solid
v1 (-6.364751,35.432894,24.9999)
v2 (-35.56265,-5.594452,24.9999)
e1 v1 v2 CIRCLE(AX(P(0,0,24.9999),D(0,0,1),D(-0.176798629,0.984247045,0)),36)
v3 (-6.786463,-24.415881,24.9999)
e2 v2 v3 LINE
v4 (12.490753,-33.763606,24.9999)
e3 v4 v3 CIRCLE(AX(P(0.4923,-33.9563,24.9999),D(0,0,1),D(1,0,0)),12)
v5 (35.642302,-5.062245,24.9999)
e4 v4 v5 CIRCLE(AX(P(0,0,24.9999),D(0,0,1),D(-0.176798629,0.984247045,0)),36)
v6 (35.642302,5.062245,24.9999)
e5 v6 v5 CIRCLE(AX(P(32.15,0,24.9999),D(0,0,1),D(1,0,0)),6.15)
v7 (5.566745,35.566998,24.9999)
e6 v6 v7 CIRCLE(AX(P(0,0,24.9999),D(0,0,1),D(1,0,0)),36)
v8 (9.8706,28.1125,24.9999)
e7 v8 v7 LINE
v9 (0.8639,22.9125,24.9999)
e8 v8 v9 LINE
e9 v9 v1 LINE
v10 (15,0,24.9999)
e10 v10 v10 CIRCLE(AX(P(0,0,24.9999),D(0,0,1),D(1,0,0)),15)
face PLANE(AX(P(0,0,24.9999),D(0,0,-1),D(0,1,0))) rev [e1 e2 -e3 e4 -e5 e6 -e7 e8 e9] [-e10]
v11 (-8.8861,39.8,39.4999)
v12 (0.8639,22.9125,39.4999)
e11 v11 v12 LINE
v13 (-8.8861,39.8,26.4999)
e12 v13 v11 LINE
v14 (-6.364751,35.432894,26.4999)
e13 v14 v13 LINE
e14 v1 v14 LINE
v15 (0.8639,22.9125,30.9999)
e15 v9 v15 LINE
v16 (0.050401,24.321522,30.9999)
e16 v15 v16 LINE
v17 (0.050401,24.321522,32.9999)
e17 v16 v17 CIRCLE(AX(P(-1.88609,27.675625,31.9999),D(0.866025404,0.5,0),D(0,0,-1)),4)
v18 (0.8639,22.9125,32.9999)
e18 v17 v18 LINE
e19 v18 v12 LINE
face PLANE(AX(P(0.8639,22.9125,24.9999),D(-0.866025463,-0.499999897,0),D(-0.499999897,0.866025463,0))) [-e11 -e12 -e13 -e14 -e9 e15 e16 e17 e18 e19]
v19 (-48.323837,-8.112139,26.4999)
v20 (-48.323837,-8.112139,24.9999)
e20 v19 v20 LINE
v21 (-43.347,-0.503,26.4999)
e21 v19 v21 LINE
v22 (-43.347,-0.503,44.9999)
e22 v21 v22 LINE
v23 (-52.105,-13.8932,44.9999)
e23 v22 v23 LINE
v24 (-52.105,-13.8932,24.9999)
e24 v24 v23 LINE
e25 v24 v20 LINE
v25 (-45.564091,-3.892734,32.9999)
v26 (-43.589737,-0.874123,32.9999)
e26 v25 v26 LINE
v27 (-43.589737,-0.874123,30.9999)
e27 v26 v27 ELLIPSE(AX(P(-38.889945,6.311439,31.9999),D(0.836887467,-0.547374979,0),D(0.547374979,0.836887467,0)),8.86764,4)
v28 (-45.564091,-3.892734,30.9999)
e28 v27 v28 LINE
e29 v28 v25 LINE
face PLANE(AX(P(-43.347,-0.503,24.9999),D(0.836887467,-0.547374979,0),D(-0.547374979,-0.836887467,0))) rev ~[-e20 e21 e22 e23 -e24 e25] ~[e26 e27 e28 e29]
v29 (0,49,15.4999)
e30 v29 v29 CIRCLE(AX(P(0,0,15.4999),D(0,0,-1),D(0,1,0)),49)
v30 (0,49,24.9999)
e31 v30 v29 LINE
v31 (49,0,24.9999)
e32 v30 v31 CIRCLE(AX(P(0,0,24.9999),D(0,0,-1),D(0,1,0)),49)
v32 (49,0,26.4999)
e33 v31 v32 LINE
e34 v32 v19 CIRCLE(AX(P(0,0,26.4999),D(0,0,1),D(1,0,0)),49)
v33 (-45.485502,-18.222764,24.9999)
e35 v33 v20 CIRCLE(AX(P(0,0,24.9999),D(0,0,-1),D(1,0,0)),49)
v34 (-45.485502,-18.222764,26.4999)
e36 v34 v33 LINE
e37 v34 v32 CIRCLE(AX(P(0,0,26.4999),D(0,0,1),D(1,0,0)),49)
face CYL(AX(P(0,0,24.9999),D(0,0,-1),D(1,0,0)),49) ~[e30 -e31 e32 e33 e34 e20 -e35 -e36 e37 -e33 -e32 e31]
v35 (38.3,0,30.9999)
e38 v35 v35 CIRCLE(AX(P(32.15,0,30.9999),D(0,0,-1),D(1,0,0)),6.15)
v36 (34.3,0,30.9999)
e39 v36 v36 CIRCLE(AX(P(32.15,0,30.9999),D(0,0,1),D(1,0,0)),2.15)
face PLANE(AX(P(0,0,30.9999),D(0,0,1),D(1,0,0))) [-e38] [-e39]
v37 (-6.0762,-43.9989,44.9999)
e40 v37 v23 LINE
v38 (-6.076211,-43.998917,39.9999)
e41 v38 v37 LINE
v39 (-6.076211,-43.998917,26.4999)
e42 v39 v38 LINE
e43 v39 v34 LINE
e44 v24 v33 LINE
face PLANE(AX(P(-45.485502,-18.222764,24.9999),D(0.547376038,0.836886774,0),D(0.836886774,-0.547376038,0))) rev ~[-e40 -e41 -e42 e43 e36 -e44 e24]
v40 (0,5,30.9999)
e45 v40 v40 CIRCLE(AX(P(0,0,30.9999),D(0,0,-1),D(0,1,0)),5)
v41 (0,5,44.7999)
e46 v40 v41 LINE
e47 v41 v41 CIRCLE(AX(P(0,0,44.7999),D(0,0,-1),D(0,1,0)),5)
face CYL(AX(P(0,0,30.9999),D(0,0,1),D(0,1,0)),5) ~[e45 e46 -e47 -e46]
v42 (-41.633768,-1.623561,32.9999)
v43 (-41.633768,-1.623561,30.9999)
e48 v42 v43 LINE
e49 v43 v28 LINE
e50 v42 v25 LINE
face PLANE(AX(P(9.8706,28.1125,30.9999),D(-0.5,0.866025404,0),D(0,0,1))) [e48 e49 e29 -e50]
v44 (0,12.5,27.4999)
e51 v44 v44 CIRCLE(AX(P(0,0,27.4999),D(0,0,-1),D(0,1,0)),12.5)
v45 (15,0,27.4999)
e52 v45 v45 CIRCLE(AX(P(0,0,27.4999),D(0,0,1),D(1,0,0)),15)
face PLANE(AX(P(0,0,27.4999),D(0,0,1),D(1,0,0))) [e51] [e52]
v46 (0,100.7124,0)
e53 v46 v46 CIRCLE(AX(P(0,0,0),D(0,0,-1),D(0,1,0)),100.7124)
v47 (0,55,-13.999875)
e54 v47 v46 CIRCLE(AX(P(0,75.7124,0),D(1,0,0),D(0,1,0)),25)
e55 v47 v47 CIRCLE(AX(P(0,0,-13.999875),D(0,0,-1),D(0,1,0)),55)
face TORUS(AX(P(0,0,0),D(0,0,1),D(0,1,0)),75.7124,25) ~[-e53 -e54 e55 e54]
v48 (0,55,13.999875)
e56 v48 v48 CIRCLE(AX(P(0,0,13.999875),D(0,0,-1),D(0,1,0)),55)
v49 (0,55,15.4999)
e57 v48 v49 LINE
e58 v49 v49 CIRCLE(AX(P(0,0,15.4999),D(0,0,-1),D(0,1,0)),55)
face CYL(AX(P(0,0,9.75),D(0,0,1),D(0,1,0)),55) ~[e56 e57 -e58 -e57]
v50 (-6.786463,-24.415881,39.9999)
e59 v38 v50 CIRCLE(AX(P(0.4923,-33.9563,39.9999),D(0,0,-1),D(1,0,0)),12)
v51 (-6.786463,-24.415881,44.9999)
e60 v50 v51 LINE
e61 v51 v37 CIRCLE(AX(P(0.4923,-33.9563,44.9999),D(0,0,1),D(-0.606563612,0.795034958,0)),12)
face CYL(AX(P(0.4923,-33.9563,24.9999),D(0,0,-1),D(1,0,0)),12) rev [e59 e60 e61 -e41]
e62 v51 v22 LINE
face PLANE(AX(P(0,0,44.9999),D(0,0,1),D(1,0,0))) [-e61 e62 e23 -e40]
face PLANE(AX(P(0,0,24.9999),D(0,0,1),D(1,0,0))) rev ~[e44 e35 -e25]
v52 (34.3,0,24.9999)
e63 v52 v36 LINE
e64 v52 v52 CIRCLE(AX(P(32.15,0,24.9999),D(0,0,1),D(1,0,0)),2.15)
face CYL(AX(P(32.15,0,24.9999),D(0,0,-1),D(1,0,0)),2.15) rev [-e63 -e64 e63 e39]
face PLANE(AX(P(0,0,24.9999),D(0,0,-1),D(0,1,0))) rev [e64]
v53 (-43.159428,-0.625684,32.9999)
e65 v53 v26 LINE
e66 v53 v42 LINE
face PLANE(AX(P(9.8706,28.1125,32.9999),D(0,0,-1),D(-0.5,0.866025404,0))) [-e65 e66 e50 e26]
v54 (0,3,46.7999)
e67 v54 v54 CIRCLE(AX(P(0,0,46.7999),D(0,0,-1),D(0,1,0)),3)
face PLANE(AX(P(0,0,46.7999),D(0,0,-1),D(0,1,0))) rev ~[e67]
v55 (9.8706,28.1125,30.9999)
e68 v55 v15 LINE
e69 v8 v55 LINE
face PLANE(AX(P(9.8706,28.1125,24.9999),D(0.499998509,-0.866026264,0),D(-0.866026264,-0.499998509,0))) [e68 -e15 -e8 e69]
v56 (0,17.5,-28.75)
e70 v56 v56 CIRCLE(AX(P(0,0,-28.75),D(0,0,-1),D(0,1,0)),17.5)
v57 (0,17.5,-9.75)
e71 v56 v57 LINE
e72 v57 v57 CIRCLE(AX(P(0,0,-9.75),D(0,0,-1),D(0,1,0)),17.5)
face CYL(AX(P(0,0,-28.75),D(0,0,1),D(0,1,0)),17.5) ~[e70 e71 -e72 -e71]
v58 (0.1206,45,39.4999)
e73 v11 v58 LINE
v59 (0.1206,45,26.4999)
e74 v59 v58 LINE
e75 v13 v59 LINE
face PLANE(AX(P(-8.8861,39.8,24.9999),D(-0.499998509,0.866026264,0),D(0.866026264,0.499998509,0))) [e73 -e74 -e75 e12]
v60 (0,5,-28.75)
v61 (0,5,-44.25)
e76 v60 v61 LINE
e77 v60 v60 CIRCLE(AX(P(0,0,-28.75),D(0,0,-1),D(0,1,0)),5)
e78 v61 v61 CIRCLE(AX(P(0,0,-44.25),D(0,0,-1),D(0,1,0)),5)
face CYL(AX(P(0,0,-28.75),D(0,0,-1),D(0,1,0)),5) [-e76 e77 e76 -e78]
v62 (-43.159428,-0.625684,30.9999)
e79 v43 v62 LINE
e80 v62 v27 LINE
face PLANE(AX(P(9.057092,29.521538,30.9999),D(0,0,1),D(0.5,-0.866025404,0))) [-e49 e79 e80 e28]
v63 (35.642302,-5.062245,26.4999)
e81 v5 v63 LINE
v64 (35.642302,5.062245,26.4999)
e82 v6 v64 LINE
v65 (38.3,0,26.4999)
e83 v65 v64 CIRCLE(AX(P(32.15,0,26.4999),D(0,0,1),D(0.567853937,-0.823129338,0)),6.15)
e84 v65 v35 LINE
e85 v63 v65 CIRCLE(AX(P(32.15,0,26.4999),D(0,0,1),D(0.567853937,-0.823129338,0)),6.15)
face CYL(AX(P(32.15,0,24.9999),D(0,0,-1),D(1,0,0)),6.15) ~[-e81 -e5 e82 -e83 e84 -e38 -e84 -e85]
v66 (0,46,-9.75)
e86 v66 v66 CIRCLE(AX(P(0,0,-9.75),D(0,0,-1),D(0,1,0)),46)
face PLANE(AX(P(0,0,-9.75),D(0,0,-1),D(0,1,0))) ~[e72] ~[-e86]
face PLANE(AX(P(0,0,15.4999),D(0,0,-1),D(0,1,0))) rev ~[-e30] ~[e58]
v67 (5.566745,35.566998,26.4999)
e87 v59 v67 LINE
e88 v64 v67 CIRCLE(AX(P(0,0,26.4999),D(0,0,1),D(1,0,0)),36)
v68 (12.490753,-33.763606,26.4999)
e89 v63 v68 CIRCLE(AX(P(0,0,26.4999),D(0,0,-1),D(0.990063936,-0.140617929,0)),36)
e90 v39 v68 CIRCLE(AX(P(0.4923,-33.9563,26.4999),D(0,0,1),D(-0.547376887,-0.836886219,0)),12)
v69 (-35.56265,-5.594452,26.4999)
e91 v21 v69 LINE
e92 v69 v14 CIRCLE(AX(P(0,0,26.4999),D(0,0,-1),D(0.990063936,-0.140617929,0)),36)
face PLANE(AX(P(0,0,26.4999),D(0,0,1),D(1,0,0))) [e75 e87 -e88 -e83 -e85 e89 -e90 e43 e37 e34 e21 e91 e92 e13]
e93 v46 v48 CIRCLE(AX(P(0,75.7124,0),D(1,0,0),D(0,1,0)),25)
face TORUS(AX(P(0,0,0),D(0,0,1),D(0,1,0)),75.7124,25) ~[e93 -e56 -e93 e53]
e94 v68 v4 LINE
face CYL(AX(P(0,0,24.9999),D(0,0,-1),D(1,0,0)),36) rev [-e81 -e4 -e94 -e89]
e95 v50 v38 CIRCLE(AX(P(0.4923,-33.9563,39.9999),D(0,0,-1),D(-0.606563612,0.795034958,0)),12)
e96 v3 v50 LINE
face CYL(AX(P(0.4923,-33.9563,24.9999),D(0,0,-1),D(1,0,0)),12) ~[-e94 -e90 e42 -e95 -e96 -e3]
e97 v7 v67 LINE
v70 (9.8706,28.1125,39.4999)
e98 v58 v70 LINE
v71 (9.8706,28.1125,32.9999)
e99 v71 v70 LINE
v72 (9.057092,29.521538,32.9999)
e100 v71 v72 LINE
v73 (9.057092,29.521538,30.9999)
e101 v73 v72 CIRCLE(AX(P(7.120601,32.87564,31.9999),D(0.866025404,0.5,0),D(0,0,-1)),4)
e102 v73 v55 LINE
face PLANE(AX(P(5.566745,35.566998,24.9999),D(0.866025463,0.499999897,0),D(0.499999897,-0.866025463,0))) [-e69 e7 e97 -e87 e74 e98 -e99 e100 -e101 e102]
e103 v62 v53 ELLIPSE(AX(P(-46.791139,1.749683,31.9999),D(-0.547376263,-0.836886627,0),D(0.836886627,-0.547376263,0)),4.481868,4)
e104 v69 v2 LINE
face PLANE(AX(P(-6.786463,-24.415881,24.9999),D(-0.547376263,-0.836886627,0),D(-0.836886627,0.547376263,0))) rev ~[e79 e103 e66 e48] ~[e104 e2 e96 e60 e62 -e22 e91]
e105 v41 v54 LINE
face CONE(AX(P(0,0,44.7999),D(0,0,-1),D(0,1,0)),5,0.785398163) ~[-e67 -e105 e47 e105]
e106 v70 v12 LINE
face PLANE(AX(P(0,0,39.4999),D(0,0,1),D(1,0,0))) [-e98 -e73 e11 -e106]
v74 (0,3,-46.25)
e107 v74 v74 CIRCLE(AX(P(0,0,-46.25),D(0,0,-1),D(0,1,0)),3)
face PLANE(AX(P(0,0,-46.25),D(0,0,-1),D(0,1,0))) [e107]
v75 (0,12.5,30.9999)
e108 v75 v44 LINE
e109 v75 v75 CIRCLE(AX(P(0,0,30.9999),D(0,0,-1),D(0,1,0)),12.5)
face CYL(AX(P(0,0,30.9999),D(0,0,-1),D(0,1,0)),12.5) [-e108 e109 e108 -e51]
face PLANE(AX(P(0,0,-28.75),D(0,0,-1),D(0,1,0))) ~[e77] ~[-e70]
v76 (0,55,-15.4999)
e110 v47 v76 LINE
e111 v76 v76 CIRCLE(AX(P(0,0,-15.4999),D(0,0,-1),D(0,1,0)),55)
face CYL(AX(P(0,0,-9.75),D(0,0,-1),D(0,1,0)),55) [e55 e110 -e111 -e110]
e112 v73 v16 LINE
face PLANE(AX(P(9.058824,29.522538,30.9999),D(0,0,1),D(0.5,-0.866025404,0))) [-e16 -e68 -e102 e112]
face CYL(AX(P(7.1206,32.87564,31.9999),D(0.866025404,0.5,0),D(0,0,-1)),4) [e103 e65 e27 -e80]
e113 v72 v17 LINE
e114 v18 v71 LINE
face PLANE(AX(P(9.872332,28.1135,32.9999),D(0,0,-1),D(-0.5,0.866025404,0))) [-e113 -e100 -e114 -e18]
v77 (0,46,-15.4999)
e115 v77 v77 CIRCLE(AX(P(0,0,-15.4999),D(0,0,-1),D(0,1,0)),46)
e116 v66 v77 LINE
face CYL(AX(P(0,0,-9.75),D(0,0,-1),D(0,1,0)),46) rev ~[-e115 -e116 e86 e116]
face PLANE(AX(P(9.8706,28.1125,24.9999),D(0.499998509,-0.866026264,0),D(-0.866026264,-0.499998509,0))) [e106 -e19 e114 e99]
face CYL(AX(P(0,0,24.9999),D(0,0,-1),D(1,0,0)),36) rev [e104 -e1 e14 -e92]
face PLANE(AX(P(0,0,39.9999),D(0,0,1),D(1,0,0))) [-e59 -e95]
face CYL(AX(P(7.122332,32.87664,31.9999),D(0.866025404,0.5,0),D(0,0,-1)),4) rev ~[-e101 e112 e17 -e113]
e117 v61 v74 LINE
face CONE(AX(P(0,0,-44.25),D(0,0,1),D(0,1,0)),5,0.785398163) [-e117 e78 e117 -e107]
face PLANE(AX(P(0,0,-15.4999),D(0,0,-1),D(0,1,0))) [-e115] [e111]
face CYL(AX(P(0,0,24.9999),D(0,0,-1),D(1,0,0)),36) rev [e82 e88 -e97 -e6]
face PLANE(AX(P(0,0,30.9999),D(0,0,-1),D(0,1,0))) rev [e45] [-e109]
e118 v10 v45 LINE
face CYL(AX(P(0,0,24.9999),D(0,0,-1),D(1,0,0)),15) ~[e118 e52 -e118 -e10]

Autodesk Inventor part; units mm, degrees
ref_plane "YZ Plane" through (0, 0, 0) normal (1, 0, 0) x (0, 1, 0)
ref_plane "XZ Plane" through (0, 0, 0) normal (0, 1, 0) x (-1, 0, 0)
ref_plane "XY Plane" through (0, 0, 0) normal (0, 0, 1) x (1, 0, 0)
sketch "Sketch2" plane through (0, 0, 0) normal (1, 0, 0) x (0, 1, 0)
  line L0 (17.5, 10.75) -> (-17.5, 10.75)
  line L1 (-17.5, 10.75) -> (-17.5, -28.75)
  line L2 (-17.5, -28.75) -> (17.5, -28.75)
  line L3 (17.5, -28.75) -> (17.5, 10.75)
  line L4 (17.5, 10.75) -> (-17.5, -28.75) construction
  line L5 (-17.5, 10.75) -> (17.5, -28.75) construction
  line L6 (-55, -9.75) -> (55, -9.75)
  line L7 (55, -9.75) -> (55, -15.4999)
  line L8 (55, -15.4999) -> (-55, -15.4999)
  line L9 (-55, -15.4999) -> (-55, -9.75)
  line L10 (-55, -9.75) -> (55, -15.4999) construction
  line L11 (55, -9.75) -> (-55, -15.4999) construction
  line L12 (46, -9.75) -> (46, -15.4999)
  line L13 (0, 65.9057) -> (0, -65.9057)
  circle A0 centre (75.7124, 0) radius 25
  line L14 (0, 0) -> (82.4805, 0) construction
  line L15 (-55, 9.75) -> (55, 9.75)
  line L16 (55, 9.75) -> (55, 15.4999)
  line L17 (55, 15.4999) -> (-55, 15.4999)
  line L18 (-55, 15.4999) -> (-55, 9.75)
  line L19 (46, 9.75) -> (46, 15.4999)
  line L20 (0, 24.9999) -> (49, 24.9999)
  line L21 (49, 24.9999) -> (49, 15.4999)
  line L22 (0, 30.9999) -> (12.5, 30.9999)
  line L23 (12.5, 30.9999) -> (12.5, 24.9999)
  line L24 (0, -28.75) -> (5, -28.75)
  line L25 (5, -28.75) -> (5, -46.25)
  line L26 (5, -46.25) -> (0, -46.25)
  line L27 (0, -46.25) -> (0, -28.75)
  line L28 (0, 30.9999) -> (5, 30.9999)
  line L29 (5, 30.9999) -> (5, 46.7999)
  line L30 (5, 46.7999) -> (0, 46.7999)
  line L31 (0, 46.7999) -> (0, 30.9999)
  point P0 (0, -9)
  point P1 (0, -9)
  point P2 (0, -12.625)
  point P3 (0, -12.625)
  point P4 (0, -12.625)
  point P5 (0, -9)
  point P6 (55, -13.9999)
  point P7 (0, 12.625)
  point P8 (55, 13.9999)
  point P9 (55, 13.9999)
  point P10 (0, -30)
  point P11 (17.5, -15.4999)
  point P12 (0, -46.25)
  point P13 (5, -28.75)
  point P14 (0, 46.7999)
  point P15 (5, 30.9999)
  point P16 (99.7681, -6.8058)
  point P17 (0, 10.75)
  point P18 (17.5, -9.75)
  dimension "d0" = 35
  dimension "d1" = 39.5
  dimension "d2" = 9
  dimension "d3" = 110
  dimension "d7" = 9
  dimension "d12" = 49
  dimension "d13" = 9.5
  dimension "d14" = 12.5
  dimension "d15" = 6
  dimension "d42" = 5
  dimension "d43" = 17.5
  dimension "d44" = 5
  dimension "d45" = 15.8
  dimension "d53" = 100
  dimension "d74" = 19
  dimension "d75" = 50
  dimension "d76" = 1.5
revolve "Revolution1" add sketch "Sketch2" angle 360 about axis through (0, 0, 65.9057) along (0, 0, -1) contours L3 L15 L13 L0 | L0 L13 L17 L19 L15 L3 | L15 A0 L6 L3 | L3 L6 L13 L15 | L13 L20 L21 L17 | L3 L8 L13 L6 | L19 L17 L16 A0 L15 | L13 L22 L23 L20 | L3 L2 L13 L8 | L6 A0 L7 L8 L12 | L15 L16 A0 L7 L6 | A0 L16 L15 | L13 L30 L29 L22 | L6 L7 A0 | L2 L25 L26 L13
sketch "Sketch4" plane through (0, 0, 24.9999) normal (0, 0, 1) x (1, 0, 0)
  circle A0 centre (32.15, 0) radius 6.15
  circle A1 centre (32.15, 0) radius 2.15
  circle A2 centre (0, 0) radius 49 projected
  circle A3 centre (0, 0) radius 49 projected
  line L0 (26, 14.6294) -> (26, -8.2066)
  circle A4 centre (0, 0) radius 36
  circle A5 centre (0, 0) radius 15
  line L1 (-8.8861, 39.8) -> (0.1206, 45)
  line L2 (0.1206, 45) -> (9.8706, 28.1125)
  line L3 (9.8706, 28.1125) -> (0.8639, 22.9125)
  line L4 (0.8639, 22.9125) -> (-8.8861, 39.8)
  line L5 (-8.8861, 39.8) -> (9.8706, 28.1125) construction
  line L6 (0.1206, 45) -> (0.8639, 22.9125) construction
  line L7 (0, 0) -> (49, 0) construction
  circle A6 centre (0.4923, -33.9563) radius 12
  line L8 (0.5569, -29.2189) -> (-43.347, -0.503)
  line L9 (-43.347, -0.503) -> (-52.105, -13.8932)
  line L10 (-52.105, -13.8932) -> (-6.0762, -43.9989)
  line L11 (-4.0111, 31.3563) -> (-50.7764, 4.3563) construction
  point P0 (0, 0)
  point P1 (0.4923, 33.9563)
  point P2 (5.5667, 35.567)
  point P3 (35.6423, 5.0622)
  point P4 (35.6423, -5.0622)
  point P5 (-6.3647, 35.4329)
  point P6 (0.4923, 33.9563)
  point P7 (-6.7865, -24.4159)
  point P8 (-48.9, 3.1289)
  point P9 (-45.4855, -18.2228)
  point P10 (-48.3238, -8.1121)
  dimension "d55" = 24
  dimension "d24" = 12.3
  dimension "d25" = 4
  dimension "d26" = 23
  dimension "d29" = 72
  dimension "d30" = 30
  dimension "d31" = 10.4
  dimension "d32" = 19.5
  dimension "d33" = 60
  dimension "d34" = 98
  dimension "d35" = 45
  dimension "d54" = 46.4246
  dimension "d56" = 16
  dimension "d57" = 54
  dimension "d62" = 55
extrude "Extrusion1" add sketch "Sketch4" along normal blind 6 contours A0 A4 | A4 A0
extrude "Extrusion2" add sketch "Sketch4" along normal blind 1.5 contours A0 A4 L2 L1 L4 L8 L9 A2 L10 A6 | A6 A4 | A6 L10 A2 L9 L8 A4 picked at (0.1047, -39.1419)
extrude "Extrusion3" add sketch "Sketch4" along normal blind 2.5 contours A5
extrude "Extrusion4" add sketch "Sketch4" along normal blind 14.5 contours L2 L3 L4 A4 | A4 L4 L1 L2
sketch "Sketch3" plane through (0, 0, 30.9999) normal (0, 0, 1) x (1, 0, 0)
  point P0 (0, 0)
  point P1 (0, 0)
hole "Hole1" [suppressed]
chamfer "Chamfer1" distance 2 angle 45 2 edges at (0, -5, 46.7999) (0, -5, -46.25)
thread "Thread1" size "M10x1.5" class "6g" standard "ANSI Metric M Profile" length 14 offset 3.5
thread "Thread2" size "M10x1.5" class "6g" standard "ANSI Metric M Profile" full length
extrude "Extrusion5" add sketch "Sketch4" along normal blind 15 contours A6 A4 | A4 A6
extrude "Extrusion6" add sketch "Sketch4" along normal blind 20 contours A6 L10 A2 L9 L8 A4 | A4 L8 A6 | L10 L9 A2
sketch "Sketch5" plane through (9.8706, 28.1125, 39.4999) normal (0.866, 0.5, 0) x (0, 0, -1)
  line L0 (13, 19.5) -> (13, 8.6077) projected
  line L1 (13, 19.5) -> (0, 19.5) projected
  line L2 (0, 0) -> (0, 19.5) projected
  line L3 (14.5, 0) -> (0, 0) projected
  line L4 (14.5, 8.6077) -> (14.5, 0) projected
  line L5 (14.5, 8.6077) -> (13, 8.6077) projected
  circle A0 centre (7.5, 5.5) radius 4
  line L6 (3.5, 17.7174) -> (3.5, 4.9566) construction
  line L7 (3.5, 9.5) -> (10.4741, 9.5) construction
  line L8 (14.5, 0) -> (0, 0) projected
  line L9 (6.5, 0) -> (6.5, 5.5)
  line L10 (8.5, 5.5) -> (8.5, 0)
  line L11 (6.5, 5.5) -> (8.5, 5.5) construction
  point P0 (39.4999, -19.4108)
  point P1 (8.5, 2.75)
  point P2 (6.5, 2.75)
  point P3 (6.5, 1.627)
  point P4 (6.5, 0)
  point P5 (8.5, 1.627)
  dimension "d63" = 8
  dimension "d64" = 3.5
  dimension "d65" = 10
  dimension "d66" = 2
extrude "Extrusion7" cut sketch "Sketch5" against normal up to surface (10.4 mm away) contours L9 A0 L10 L3 | A0
extrude "Extrusion8" cut sketch "Sketch5" against normal through all contours L9 A0 L10 L3
thread "Thread3" size "M4.5x0.75" class "6H" standard "ANSI Metric M Profile" full length
equation "\"d42\" = d44"
properties part number "FreeBackWheel" material "Rubber"
